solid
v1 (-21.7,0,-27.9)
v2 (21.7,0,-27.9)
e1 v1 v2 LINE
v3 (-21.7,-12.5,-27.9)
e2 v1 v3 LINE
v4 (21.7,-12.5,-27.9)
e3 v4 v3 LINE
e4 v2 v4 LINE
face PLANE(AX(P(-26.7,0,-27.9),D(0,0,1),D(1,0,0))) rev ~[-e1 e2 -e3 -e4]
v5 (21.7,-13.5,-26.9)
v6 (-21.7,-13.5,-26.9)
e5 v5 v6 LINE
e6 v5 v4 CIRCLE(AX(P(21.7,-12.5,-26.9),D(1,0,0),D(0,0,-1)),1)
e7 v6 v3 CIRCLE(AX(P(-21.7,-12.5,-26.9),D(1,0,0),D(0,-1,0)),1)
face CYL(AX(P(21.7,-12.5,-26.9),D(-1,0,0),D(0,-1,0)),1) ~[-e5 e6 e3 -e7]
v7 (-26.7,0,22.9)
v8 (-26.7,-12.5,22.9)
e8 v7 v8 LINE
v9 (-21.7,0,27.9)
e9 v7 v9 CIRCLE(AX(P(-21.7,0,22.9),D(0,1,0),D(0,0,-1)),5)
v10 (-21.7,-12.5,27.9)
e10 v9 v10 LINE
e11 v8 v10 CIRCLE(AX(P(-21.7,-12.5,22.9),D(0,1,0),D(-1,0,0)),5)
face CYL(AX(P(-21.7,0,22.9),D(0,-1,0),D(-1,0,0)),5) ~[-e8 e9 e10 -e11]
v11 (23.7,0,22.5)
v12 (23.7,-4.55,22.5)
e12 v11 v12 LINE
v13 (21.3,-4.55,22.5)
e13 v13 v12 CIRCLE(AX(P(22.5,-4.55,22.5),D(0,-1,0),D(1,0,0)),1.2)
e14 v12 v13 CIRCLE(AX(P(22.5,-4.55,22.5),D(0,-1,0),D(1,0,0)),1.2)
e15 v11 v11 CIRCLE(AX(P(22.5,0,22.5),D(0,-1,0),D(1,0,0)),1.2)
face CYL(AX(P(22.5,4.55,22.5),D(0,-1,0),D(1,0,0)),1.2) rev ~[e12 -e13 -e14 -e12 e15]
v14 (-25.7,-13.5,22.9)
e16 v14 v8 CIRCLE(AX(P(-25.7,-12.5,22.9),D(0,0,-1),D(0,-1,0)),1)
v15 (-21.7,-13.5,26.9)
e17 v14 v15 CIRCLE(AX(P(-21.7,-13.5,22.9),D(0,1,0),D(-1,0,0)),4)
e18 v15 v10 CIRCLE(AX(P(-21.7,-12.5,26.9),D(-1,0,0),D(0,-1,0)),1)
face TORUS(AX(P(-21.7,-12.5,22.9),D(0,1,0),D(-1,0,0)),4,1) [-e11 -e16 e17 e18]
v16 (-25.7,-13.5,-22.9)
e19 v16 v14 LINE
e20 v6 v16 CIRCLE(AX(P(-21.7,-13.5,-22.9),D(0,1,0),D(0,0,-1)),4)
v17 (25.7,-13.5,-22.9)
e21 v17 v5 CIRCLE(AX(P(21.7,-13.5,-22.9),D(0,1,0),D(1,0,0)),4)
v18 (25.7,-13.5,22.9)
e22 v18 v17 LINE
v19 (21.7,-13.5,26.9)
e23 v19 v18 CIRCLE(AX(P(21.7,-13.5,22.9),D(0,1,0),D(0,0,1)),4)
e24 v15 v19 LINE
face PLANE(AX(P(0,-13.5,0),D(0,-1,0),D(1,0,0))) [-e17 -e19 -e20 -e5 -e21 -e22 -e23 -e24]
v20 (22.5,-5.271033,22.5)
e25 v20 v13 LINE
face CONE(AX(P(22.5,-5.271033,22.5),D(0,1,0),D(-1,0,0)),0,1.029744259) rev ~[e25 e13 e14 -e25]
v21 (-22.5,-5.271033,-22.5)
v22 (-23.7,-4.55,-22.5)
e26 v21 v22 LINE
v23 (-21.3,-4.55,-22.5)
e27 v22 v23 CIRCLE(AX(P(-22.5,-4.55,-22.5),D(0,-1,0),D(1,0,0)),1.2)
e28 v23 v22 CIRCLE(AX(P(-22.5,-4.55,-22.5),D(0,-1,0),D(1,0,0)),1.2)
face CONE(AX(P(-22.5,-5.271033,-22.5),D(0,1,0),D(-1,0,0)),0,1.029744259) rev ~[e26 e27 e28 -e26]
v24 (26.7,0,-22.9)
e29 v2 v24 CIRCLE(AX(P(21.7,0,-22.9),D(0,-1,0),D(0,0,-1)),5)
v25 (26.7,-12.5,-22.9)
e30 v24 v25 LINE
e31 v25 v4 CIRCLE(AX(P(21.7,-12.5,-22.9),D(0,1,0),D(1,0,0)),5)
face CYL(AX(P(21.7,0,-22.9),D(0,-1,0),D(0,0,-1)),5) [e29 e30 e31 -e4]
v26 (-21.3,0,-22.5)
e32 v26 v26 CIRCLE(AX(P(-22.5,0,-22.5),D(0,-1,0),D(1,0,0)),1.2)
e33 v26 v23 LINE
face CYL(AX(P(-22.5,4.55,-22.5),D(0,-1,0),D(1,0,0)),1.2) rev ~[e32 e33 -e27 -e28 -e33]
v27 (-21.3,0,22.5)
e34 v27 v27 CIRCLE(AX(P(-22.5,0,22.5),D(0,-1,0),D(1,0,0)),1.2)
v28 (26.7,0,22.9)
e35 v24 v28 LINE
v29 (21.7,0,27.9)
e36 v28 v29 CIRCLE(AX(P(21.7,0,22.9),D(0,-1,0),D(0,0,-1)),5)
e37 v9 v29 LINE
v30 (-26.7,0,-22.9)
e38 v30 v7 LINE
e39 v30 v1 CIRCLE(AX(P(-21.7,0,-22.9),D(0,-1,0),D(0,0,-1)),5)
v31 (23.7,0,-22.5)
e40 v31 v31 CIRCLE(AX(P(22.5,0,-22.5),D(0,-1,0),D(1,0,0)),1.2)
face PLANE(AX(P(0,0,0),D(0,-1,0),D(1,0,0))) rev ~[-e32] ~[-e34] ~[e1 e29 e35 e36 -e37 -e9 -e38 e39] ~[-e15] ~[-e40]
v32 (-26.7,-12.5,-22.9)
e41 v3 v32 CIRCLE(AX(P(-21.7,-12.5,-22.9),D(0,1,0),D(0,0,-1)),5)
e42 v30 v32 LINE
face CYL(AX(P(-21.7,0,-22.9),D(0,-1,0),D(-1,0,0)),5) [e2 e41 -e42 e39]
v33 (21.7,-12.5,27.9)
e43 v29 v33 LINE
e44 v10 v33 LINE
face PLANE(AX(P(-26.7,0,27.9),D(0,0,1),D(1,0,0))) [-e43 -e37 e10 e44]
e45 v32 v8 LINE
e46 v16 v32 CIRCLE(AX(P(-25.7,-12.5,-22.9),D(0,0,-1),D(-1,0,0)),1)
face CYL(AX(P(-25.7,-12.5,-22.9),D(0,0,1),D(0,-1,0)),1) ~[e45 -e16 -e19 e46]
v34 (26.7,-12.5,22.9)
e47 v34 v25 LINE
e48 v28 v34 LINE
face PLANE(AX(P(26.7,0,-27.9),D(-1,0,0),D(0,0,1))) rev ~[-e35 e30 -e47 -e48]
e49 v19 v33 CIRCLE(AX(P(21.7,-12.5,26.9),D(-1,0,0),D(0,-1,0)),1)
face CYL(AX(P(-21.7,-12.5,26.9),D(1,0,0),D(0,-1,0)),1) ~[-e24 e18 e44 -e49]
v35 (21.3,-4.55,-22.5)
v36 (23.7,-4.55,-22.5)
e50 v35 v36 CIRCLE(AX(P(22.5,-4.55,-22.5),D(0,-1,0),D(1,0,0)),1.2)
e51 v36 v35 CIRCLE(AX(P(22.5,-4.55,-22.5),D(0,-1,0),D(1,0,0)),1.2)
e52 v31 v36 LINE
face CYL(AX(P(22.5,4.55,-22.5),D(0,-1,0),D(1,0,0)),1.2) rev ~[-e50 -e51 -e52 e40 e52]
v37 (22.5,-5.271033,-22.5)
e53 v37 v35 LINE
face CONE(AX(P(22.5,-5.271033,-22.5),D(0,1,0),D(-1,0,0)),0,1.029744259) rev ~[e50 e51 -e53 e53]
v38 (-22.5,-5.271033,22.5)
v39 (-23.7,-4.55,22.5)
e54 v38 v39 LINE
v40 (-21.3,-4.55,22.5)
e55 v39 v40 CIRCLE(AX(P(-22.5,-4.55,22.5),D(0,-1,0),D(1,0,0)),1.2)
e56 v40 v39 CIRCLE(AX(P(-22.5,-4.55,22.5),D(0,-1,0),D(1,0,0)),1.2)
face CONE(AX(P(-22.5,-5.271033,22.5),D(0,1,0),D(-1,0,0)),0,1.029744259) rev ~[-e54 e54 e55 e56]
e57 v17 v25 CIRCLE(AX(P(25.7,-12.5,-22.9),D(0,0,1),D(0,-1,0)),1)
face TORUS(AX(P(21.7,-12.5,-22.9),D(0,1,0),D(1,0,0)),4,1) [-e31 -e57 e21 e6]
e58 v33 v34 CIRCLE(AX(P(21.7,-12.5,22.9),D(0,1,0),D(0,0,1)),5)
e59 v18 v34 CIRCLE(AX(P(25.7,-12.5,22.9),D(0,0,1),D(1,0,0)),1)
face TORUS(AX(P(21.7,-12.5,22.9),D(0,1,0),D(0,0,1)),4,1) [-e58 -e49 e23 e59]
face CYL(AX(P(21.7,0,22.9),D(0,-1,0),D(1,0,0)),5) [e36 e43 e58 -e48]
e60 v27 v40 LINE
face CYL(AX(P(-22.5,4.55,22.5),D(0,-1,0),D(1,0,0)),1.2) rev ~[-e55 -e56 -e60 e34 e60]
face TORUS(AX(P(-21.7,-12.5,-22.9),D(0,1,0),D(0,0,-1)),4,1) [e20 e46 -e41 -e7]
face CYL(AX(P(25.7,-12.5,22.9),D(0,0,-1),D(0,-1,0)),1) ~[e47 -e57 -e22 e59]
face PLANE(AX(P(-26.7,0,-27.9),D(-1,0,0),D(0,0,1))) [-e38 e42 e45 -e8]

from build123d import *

# Parameters (mm, degrees)
F0_W     = 53.4
F0_H     = 55.8
F1_DEPTH = 13.5
F2_R     = 5
F3_R     = 1
F5_D     = 2.4
F5_DEPTH = 4.55
F5_TIP   = 0.7210327428


with BuildPart() as f1:
    # F0 (on Front) → F1 (new body)
    with BuildSketch(Plane.XZ):
        Rectangle(F0_W, F0_H)
    extrude(amount=F1_DEPTH)

    # F2
    f2_edges = [f1.edges().sort_by_distance(p)[0] for p in [
        (-26.7, -6.75, 27.9),
        (26.7, -6.75, 27.9),
        (26.7, -6.75, -27.9),
        (-26.7, -6.75, -27.9),
    ]]
    fillet(f2_edges, radius=F2_R)

    # F3
    f3_edges = [f1.edges().sort_by_distance(p)[0] for p in [
        (0, -13.5, 27.9),
    ]]
    fillet(f3_edges, radius=F3_R)

    # F5
    with Locations(Plane(origin=(0, 0, 0), x_dir=(-1, 0, 0), z_dir=(0, 1, 0))):
        with Locations((-22.5, 22.5), (22.5, 22.5), (22.5, -22.5), (-22.5, -22.5)):
            Hole(F5_D / 2, depth=F5_DEPTH)
            with Locations((0, 0, -(F5_DEPTH + F5_TIP / 2))):  # 118° drill point
                Cone(0, F5_D / 2, F5_TIP, mode=Mode.SUBTRACT)


solid = f1.part
